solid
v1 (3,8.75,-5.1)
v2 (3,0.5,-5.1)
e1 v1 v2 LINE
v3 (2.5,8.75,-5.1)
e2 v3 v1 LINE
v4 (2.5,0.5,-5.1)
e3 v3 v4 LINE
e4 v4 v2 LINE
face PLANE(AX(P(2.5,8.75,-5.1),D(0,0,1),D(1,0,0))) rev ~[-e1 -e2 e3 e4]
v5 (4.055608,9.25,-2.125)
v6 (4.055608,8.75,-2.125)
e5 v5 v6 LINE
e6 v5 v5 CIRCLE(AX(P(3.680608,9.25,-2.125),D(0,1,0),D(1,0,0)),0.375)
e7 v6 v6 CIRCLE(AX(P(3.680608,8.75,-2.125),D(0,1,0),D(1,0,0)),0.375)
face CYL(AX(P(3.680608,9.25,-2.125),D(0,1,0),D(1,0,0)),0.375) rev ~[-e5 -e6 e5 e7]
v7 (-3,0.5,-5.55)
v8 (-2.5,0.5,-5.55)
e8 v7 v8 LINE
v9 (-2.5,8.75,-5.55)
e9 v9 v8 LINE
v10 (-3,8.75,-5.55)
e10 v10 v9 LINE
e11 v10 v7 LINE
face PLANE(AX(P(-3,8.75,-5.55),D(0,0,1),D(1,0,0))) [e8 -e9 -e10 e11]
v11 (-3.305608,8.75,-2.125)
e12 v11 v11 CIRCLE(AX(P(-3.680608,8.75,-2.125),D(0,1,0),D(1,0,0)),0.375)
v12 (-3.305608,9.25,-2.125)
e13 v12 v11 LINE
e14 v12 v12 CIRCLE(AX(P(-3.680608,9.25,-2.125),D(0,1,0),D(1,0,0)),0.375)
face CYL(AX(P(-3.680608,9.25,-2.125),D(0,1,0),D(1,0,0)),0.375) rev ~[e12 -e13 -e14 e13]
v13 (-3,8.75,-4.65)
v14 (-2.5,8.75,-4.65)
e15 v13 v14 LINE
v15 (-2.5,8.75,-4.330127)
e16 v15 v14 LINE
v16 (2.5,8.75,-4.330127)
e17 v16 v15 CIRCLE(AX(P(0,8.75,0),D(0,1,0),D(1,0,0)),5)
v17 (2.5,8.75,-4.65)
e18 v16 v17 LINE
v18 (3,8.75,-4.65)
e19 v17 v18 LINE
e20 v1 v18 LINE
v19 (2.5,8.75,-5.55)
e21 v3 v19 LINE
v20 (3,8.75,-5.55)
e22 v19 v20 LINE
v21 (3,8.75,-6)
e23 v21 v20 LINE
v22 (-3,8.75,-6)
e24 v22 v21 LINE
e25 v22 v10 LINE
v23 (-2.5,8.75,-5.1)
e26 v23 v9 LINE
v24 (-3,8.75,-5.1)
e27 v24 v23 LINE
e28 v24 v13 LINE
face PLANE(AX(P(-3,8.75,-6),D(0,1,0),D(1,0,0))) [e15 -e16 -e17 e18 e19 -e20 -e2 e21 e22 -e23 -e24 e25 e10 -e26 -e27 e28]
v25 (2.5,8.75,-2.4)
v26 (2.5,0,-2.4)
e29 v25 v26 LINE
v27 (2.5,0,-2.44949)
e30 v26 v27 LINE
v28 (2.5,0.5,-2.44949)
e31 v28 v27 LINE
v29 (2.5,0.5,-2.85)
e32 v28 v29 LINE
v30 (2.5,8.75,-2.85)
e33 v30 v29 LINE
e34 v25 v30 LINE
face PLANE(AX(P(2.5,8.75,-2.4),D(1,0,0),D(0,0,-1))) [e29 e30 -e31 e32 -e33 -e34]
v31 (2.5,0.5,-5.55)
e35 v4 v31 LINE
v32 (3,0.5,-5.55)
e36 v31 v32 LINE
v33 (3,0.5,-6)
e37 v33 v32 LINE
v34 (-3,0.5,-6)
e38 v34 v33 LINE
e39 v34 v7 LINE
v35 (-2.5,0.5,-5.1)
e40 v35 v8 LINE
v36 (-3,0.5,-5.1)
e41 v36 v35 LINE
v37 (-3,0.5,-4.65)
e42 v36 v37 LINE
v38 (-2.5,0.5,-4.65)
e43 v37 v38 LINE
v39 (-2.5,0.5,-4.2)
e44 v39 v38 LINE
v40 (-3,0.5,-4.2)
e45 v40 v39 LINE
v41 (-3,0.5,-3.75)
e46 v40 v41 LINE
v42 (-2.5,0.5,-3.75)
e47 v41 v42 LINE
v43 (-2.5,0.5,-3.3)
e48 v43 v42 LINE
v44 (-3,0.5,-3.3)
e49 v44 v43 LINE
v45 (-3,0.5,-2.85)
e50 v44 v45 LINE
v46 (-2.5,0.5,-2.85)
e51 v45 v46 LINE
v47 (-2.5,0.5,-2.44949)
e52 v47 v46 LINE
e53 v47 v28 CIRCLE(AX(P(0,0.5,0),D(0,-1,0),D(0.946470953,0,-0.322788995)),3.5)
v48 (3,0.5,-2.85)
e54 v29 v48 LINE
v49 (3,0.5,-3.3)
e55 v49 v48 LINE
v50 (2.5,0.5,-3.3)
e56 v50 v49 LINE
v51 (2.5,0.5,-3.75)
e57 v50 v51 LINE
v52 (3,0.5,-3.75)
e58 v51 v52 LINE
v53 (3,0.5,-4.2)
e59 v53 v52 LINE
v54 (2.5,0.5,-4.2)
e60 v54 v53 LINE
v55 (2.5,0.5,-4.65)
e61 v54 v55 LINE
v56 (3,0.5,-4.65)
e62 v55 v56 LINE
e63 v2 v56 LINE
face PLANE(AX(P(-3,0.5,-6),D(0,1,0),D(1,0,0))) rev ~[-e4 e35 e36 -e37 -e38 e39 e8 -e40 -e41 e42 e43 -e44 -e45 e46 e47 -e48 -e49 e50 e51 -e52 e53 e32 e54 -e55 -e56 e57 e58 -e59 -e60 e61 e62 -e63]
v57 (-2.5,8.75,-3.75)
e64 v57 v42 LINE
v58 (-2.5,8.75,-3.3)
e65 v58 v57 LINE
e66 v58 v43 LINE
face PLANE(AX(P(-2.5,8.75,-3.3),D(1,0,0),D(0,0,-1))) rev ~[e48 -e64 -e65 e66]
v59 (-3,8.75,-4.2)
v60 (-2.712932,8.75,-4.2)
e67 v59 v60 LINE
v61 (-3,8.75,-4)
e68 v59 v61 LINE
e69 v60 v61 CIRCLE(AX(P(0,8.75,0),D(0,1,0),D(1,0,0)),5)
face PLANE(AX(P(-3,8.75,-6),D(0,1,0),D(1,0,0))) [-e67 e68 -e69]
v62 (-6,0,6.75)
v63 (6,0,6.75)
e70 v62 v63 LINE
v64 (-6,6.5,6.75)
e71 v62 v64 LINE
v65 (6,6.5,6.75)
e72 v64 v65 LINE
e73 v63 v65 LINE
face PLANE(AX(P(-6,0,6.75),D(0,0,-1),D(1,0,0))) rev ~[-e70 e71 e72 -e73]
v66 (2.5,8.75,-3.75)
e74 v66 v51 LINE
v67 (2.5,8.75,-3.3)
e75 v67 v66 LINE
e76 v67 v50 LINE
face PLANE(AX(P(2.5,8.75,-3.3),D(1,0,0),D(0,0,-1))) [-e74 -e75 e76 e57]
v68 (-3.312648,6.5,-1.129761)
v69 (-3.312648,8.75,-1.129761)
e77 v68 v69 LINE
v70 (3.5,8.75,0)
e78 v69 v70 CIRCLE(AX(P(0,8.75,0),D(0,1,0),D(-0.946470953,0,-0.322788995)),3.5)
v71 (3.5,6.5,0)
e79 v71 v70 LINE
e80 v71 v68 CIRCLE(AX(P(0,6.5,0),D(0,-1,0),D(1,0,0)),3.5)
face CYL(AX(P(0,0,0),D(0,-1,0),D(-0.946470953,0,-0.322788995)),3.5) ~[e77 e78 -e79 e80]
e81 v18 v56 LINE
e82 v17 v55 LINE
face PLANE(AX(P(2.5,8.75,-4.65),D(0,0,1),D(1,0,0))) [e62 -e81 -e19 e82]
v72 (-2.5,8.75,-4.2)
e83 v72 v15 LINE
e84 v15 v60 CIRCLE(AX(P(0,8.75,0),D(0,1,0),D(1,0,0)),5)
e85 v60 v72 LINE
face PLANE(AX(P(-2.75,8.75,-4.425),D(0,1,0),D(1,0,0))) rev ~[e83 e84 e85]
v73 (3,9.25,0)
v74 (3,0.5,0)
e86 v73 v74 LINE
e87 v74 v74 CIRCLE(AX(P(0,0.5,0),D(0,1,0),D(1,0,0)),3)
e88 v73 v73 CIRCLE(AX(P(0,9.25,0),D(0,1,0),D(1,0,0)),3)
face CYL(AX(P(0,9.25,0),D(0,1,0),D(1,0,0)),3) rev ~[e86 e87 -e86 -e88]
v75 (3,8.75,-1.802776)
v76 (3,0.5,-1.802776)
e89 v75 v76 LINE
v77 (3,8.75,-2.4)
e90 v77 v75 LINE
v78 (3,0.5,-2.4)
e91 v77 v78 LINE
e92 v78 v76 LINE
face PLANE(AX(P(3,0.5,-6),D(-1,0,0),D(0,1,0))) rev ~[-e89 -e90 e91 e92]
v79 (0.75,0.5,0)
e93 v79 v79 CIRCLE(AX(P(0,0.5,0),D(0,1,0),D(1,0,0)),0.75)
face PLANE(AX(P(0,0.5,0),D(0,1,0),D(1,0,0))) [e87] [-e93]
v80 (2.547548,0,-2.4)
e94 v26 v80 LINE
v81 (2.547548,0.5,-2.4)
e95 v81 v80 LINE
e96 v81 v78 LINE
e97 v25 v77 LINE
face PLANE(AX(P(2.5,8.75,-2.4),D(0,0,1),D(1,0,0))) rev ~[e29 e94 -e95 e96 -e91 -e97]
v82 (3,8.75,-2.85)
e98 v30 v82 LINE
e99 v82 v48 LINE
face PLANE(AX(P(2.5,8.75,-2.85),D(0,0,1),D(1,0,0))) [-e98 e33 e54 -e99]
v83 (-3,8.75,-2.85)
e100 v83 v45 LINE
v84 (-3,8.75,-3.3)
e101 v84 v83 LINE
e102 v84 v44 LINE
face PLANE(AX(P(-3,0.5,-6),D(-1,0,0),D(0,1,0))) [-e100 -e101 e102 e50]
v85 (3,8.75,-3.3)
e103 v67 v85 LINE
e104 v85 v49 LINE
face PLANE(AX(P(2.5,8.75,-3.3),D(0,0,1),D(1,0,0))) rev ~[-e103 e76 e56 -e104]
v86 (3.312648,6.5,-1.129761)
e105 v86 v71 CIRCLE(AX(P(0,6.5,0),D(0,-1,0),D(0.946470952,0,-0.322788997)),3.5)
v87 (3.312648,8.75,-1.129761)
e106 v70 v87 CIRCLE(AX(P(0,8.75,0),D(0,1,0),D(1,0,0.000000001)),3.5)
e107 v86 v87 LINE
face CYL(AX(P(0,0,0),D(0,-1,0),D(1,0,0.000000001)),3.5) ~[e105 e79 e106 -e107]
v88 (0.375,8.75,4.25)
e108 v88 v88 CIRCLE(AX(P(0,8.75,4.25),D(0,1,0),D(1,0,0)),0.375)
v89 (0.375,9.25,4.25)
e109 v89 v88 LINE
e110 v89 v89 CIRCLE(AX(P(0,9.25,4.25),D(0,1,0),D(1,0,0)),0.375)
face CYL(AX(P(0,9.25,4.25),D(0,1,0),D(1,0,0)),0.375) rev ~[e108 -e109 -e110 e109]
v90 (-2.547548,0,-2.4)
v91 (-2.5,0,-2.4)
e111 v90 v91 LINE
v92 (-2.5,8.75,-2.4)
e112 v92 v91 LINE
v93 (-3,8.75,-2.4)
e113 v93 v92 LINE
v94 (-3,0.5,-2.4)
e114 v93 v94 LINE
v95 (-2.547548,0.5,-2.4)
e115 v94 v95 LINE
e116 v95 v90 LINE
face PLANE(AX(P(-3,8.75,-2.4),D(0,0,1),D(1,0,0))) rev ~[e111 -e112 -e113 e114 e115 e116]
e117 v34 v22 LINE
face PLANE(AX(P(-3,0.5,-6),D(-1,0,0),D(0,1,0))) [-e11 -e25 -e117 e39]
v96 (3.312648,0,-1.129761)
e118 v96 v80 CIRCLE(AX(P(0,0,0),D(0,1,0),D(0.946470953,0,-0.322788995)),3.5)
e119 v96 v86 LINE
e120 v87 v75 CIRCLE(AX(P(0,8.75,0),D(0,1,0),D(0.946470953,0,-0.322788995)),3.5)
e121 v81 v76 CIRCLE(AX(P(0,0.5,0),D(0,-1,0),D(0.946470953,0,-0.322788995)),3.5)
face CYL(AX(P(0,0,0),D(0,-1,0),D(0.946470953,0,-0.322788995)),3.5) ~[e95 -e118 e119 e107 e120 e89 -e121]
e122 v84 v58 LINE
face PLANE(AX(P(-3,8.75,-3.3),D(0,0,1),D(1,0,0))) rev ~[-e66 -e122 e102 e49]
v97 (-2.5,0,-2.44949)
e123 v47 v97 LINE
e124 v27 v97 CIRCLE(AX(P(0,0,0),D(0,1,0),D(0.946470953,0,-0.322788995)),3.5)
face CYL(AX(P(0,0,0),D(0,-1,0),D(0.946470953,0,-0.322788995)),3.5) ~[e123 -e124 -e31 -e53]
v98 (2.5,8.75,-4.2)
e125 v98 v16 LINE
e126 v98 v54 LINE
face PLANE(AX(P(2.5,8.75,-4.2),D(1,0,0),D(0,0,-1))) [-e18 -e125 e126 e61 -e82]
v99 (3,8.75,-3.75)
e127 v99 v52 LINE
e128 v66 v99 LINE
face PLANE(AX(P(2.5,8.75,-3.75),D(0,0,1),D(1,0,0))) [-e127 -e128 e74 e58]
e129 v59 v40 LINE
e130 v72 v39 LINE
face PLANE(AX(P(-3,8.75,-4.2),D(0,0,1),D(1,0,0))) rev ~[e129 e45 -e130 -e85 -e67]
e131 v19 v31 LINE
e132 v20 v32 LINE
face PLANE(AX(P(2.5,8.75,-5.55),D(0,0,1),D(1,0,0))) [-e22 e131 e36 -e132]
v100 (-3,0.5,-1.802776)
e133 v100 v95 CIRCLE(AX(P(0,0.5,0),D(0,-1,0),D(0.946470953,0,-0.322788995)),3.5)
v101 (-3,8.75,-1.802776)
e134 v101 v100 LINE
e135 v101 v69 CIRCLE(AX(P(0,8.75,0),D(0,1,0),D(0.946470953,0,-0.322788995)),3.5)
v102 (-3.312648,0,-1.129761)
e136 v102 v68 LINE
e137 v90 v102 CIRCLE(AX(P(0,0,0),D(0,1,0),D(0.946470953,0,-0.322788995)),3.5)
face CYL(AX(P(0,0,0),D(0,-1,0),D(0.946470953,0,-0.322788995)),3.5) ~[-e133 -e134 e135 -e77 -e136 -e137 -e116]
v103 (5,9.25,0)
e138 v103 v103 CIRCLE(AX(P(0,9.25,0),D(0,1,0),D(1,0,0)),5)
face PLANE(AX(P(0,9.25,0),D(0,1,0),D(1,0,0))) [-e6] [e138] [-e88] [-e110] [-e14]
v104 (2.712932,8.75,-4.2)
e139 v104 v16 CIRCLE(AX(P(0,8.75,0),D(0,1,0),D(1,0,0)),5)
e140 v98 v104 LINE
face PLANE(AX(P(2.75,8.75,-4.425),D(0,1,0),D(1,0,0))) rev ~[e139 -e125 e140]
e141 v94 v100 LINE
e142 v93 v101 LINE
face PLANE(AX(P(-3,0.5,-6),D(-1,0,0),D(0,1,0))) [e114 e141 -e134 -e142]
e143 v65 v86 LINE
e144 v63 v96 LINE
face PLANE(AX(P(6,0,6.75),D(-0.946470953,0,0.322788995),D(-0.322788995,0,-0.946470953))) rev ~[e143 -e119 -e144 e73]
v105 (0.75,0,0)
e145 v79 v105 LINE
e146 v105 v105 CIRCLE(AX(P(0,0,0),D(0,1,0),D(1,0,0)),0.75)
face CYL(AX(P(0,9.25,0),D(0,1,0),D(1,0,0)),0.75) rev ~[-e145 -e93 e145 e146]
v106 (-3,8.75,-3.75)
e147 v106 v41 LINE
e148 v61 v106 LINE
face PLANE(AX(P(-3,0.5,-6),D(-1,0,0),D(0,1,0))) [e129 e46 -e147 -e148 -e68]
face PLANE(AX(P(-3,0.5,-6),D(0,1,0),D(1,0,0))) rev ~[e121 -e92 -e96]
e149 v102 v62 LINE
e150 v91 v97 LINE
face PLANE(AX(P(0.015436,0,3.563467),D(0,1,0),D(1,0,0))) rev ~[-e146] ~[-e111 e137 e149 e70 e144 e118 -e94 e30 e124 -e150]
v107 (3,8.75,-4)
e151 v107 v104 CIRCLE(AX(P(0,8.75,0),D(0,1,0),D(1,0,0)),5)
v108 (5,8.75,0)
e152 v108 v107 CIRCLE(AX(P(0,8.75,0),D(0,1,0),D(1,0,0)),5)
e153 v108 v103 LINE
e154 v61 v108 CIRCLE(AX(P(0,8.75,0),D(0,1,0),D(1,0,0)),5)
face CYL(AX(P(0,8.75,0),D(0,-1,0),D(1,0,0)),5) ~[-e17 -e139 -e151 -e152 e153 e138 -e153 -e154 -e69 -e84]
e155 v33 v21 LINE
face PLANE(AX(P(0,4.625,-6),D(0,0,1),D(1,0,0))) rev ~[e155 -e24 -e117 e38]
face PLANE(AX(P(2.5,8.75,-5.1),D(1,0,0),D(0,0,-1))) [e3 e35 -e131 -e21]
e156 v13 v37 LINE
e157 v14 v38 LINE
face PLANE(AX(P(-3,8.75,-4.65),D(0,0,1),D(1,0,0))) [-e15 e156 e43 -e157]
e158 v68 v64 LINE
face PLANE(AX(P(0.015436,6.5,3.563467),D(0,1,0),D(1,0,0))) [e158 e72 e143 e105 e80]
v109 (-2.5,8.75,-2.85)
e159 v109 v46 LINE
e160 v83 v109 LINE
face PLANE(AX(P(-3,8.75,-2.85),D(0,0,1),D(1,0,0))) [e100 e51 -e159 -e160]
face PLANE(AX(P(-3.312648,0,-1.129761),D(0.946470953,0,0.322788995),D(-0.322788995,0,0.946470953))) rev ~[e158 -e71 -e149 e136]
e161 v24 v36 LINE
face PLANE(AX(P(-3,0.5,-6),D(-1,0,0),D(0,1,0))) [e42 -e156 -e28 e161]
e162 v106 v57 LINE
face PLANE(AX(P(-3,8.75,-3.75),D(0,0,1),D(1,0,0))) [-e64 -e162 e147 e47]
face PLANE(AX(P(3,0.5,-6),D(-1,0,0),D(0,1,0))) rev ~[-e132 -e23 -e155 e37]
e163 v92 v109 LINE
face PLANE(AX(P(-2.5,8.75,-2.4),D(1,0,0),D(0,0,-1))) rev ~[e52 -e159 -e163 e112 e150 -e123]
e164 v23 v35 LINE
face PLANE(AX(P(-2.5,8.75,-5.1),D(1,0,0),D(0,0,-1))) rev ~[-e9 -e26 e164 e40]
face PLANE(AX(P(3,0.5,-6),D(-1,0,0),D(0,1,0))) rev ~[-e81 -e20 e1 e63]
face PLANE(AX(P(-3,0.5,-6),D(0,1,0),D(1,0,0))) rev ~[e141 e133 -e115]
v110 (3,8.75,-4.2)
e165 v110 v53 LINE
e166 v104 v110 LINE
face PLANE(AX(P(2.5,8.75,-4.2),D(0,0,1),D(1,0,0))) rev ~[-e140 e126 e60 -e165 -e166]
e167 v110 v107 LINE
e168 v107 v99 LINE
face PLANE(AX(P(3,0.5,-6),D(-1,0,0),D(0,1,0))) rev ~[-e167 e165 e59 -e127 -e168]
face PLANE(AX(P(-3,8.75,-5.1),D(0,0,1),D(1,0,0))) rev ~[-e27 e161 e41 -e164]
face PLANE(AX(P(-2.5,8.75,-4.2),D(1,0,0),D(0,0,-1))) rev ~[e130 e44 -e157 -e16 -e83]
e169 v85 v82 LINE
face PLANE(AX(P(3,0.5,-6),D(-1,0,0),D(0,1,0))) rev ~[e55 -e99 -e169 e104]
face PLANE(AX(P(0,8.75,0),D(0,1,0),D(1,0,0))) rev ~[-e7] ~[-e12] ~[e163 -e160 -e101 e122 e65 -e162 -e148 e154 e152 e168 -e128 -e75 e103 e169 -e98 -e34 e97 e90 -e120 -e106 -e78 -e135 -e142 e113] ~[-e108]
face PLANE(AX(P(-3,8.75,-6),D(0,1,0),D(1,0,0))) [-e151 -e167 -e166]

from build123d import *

# Parameters (mm, degrees)
BOSS_EXTRUDE2_DEPTH  = 8.75
BOSS_EXTRUDE3_DEPTH  = 6.5
SKETCH2_R            = 5
BOSS_EXTRUDE4_DEPTH  = 0.5
SKETCH4_W            = 6
SKETCH4_H            = 8.25
BOSS_EXTRUDE5_DEPTH  = 6
SKETCH5_W            = 0.5
SKETCH5_H            = 0.45
CUT_EXTRUDE2_DEPTH   = 13.57477634
LPATTERN1_COUNT      = 4
LPATTERN1_PITCH      = 0.9
LPATTERN1_COUNT_DIR2 = 2
LPATTERN1_PITCH_DIR2 = 5.5
SKETCH6_R            = 3
SKETCH6_R_2          = 0.75
CUT_EXTRUDE3_DEPTH   = 8.75
SKETCH7_R            = 0.75
CUT_EXTRUDE4_DEPTH   = 13.927683474
SKETCH8_R            = 0.375
CUT_EXTRUDE5_DEPTH   = 0.5


with BuildPart() as part:
    # Sketch1 → Boss-Extrude2 (new body)
    with BuildSketch(Plane(origin=(0, 0, 0), x_dir=(1, 0, 0), z_dir=(0, 1, 0))):
        with BuildLine():
            ThreePointArc((3.312648335, 1.129761483), (0, 3.5), (-3.312648335, 1.129761483))
            ThreePointArc((-3.312648335, 1.129761483), (-0.572595332, -3.45284442), (3.5, 0))
            ThreePointArc((3.5, 0), (3.45284442, 0.572595332), (3.312648335, 1.129761483))
        make_face()
    extrude(amount=BOSS_EXTRUDE2_DEPTH)

    # Sketch1<3> → Boss-Extrude3 (add)
    with BuildSketch(Plane(origin=(0, 0, 0), x_dir=(1, 0, 0), z_dir=(0, 1, 0))):
        with BuildLine():
            Line((-3.312648335, 1.129761483), (-6, -6.75))
            Line((-6, -6.75), (6, -6.75))
            Line((6, -6.75), (3.312648335, 1.129761483))
            ThreePointArc((3.312648335, 1.129761483), (3.45284442, 0.572595332), (3.5, 0))
            ThreePointArc((3.5, 0), (-0.572595332, -3.45284442), (-3.312648335, 1.129761483))
        make_face()
    extrude(amount=BOSS_EXTRUDE3_DEPTH)

    # Sketch2 → Boss-Extrude4 (add)
    with BuildSketch(Plane(origin=(0, 8.75, 0), x_dir=(1, 0, 0), z_dir=(0, 1, 0))):
        Circle(SKETCH2_R)
    extrude(amount=BOSS_EXTRUDE4_DEPTH)

    # Sketch4 → Boss-Extrude5 (add)
    with BuildSketch(Plane.XY.offset(-6)):
        with Locations((0, 4.625)):
            Rectangle(SKETCH4_W, SKETCH4_H)
    extrude(amount=BOSS_EXTRUDE5_DEPTH)

    # Sketch5 → Cut-Extrude2 (cut, through all)
    with BuildSketch(Plane(origin=(0, 8.75, 0), x_dir=(1, 0, 0), z_dir=(0, 1, 0))):
        with Locations((2.75, 5.325)):
            Rectangle(SKETCH5_W, SKETCH5_H)
    cut_extrude2 = extrude(amount=-CUT_EXTRUDE2_DEPTH, mode=Mode.SUBTRACT)

    # LPattern1: Cut-Extrude2 4 × 2
    with Locations(*[(-j * LPATTERN1_PITCH_DIR2, 0, i * LPATTERN1_PITCH) for i in range(LPATTERN1_COUNT) for j in range(LPATTERN1_COUNT_DIR2) if (i, j) != (0, 0)]):
        add(cut_extrude2, mode=Mode.SUBTRACT)

    # Sketch6 → Cut-Extrude3 (cut)
    with BuildSketch(Plane(origin=(0, 9.25, 0), x_dir=(1, 0, 0), z_dir=(0, 1, 0))):
        Circle(SKETCH6_R)
        Circle(SKETCH6_R_2, mode=Mode.SUBTRACT)
    extrude(amount=-CUT_EXTRUDE3_DEPTH, mode=Mode.SUBTRACT)

    # Sketch7 → Cut-Extrude4 (cut, through all)
    with BuildSketch(Plane(origin=(0, 9.25, 0), x_dir=(1, 0, 0), z_dir=(0, 1, 0))):
        Circle(SKETCH7_R)
    extrude(amount=-CUT_EXTRUDE4_DEPTH, mode=Mode.SUBTRACT)

    # Sketch8 → Cut-Extrude5 (cut)
    with BuildSketch(Plane(origin=(0, 9.25, 0), x_dir=(1, 0, 0), z_dir=(0, 1, 0))):
        with Locations((0, -4.25)):
            Circle(SKETCH8_R)
        with Locations((-3.680607966, 2.125)):
            Circle(SKETCH8_R)
        with Locations((3.680607966, 2.125)):
            Circle(SKETCH8_R)
    extrude(amount=-CUT_EXTRUDE5_DEPTH, mode=Mode.SUBTRACT)


solid = part.part
